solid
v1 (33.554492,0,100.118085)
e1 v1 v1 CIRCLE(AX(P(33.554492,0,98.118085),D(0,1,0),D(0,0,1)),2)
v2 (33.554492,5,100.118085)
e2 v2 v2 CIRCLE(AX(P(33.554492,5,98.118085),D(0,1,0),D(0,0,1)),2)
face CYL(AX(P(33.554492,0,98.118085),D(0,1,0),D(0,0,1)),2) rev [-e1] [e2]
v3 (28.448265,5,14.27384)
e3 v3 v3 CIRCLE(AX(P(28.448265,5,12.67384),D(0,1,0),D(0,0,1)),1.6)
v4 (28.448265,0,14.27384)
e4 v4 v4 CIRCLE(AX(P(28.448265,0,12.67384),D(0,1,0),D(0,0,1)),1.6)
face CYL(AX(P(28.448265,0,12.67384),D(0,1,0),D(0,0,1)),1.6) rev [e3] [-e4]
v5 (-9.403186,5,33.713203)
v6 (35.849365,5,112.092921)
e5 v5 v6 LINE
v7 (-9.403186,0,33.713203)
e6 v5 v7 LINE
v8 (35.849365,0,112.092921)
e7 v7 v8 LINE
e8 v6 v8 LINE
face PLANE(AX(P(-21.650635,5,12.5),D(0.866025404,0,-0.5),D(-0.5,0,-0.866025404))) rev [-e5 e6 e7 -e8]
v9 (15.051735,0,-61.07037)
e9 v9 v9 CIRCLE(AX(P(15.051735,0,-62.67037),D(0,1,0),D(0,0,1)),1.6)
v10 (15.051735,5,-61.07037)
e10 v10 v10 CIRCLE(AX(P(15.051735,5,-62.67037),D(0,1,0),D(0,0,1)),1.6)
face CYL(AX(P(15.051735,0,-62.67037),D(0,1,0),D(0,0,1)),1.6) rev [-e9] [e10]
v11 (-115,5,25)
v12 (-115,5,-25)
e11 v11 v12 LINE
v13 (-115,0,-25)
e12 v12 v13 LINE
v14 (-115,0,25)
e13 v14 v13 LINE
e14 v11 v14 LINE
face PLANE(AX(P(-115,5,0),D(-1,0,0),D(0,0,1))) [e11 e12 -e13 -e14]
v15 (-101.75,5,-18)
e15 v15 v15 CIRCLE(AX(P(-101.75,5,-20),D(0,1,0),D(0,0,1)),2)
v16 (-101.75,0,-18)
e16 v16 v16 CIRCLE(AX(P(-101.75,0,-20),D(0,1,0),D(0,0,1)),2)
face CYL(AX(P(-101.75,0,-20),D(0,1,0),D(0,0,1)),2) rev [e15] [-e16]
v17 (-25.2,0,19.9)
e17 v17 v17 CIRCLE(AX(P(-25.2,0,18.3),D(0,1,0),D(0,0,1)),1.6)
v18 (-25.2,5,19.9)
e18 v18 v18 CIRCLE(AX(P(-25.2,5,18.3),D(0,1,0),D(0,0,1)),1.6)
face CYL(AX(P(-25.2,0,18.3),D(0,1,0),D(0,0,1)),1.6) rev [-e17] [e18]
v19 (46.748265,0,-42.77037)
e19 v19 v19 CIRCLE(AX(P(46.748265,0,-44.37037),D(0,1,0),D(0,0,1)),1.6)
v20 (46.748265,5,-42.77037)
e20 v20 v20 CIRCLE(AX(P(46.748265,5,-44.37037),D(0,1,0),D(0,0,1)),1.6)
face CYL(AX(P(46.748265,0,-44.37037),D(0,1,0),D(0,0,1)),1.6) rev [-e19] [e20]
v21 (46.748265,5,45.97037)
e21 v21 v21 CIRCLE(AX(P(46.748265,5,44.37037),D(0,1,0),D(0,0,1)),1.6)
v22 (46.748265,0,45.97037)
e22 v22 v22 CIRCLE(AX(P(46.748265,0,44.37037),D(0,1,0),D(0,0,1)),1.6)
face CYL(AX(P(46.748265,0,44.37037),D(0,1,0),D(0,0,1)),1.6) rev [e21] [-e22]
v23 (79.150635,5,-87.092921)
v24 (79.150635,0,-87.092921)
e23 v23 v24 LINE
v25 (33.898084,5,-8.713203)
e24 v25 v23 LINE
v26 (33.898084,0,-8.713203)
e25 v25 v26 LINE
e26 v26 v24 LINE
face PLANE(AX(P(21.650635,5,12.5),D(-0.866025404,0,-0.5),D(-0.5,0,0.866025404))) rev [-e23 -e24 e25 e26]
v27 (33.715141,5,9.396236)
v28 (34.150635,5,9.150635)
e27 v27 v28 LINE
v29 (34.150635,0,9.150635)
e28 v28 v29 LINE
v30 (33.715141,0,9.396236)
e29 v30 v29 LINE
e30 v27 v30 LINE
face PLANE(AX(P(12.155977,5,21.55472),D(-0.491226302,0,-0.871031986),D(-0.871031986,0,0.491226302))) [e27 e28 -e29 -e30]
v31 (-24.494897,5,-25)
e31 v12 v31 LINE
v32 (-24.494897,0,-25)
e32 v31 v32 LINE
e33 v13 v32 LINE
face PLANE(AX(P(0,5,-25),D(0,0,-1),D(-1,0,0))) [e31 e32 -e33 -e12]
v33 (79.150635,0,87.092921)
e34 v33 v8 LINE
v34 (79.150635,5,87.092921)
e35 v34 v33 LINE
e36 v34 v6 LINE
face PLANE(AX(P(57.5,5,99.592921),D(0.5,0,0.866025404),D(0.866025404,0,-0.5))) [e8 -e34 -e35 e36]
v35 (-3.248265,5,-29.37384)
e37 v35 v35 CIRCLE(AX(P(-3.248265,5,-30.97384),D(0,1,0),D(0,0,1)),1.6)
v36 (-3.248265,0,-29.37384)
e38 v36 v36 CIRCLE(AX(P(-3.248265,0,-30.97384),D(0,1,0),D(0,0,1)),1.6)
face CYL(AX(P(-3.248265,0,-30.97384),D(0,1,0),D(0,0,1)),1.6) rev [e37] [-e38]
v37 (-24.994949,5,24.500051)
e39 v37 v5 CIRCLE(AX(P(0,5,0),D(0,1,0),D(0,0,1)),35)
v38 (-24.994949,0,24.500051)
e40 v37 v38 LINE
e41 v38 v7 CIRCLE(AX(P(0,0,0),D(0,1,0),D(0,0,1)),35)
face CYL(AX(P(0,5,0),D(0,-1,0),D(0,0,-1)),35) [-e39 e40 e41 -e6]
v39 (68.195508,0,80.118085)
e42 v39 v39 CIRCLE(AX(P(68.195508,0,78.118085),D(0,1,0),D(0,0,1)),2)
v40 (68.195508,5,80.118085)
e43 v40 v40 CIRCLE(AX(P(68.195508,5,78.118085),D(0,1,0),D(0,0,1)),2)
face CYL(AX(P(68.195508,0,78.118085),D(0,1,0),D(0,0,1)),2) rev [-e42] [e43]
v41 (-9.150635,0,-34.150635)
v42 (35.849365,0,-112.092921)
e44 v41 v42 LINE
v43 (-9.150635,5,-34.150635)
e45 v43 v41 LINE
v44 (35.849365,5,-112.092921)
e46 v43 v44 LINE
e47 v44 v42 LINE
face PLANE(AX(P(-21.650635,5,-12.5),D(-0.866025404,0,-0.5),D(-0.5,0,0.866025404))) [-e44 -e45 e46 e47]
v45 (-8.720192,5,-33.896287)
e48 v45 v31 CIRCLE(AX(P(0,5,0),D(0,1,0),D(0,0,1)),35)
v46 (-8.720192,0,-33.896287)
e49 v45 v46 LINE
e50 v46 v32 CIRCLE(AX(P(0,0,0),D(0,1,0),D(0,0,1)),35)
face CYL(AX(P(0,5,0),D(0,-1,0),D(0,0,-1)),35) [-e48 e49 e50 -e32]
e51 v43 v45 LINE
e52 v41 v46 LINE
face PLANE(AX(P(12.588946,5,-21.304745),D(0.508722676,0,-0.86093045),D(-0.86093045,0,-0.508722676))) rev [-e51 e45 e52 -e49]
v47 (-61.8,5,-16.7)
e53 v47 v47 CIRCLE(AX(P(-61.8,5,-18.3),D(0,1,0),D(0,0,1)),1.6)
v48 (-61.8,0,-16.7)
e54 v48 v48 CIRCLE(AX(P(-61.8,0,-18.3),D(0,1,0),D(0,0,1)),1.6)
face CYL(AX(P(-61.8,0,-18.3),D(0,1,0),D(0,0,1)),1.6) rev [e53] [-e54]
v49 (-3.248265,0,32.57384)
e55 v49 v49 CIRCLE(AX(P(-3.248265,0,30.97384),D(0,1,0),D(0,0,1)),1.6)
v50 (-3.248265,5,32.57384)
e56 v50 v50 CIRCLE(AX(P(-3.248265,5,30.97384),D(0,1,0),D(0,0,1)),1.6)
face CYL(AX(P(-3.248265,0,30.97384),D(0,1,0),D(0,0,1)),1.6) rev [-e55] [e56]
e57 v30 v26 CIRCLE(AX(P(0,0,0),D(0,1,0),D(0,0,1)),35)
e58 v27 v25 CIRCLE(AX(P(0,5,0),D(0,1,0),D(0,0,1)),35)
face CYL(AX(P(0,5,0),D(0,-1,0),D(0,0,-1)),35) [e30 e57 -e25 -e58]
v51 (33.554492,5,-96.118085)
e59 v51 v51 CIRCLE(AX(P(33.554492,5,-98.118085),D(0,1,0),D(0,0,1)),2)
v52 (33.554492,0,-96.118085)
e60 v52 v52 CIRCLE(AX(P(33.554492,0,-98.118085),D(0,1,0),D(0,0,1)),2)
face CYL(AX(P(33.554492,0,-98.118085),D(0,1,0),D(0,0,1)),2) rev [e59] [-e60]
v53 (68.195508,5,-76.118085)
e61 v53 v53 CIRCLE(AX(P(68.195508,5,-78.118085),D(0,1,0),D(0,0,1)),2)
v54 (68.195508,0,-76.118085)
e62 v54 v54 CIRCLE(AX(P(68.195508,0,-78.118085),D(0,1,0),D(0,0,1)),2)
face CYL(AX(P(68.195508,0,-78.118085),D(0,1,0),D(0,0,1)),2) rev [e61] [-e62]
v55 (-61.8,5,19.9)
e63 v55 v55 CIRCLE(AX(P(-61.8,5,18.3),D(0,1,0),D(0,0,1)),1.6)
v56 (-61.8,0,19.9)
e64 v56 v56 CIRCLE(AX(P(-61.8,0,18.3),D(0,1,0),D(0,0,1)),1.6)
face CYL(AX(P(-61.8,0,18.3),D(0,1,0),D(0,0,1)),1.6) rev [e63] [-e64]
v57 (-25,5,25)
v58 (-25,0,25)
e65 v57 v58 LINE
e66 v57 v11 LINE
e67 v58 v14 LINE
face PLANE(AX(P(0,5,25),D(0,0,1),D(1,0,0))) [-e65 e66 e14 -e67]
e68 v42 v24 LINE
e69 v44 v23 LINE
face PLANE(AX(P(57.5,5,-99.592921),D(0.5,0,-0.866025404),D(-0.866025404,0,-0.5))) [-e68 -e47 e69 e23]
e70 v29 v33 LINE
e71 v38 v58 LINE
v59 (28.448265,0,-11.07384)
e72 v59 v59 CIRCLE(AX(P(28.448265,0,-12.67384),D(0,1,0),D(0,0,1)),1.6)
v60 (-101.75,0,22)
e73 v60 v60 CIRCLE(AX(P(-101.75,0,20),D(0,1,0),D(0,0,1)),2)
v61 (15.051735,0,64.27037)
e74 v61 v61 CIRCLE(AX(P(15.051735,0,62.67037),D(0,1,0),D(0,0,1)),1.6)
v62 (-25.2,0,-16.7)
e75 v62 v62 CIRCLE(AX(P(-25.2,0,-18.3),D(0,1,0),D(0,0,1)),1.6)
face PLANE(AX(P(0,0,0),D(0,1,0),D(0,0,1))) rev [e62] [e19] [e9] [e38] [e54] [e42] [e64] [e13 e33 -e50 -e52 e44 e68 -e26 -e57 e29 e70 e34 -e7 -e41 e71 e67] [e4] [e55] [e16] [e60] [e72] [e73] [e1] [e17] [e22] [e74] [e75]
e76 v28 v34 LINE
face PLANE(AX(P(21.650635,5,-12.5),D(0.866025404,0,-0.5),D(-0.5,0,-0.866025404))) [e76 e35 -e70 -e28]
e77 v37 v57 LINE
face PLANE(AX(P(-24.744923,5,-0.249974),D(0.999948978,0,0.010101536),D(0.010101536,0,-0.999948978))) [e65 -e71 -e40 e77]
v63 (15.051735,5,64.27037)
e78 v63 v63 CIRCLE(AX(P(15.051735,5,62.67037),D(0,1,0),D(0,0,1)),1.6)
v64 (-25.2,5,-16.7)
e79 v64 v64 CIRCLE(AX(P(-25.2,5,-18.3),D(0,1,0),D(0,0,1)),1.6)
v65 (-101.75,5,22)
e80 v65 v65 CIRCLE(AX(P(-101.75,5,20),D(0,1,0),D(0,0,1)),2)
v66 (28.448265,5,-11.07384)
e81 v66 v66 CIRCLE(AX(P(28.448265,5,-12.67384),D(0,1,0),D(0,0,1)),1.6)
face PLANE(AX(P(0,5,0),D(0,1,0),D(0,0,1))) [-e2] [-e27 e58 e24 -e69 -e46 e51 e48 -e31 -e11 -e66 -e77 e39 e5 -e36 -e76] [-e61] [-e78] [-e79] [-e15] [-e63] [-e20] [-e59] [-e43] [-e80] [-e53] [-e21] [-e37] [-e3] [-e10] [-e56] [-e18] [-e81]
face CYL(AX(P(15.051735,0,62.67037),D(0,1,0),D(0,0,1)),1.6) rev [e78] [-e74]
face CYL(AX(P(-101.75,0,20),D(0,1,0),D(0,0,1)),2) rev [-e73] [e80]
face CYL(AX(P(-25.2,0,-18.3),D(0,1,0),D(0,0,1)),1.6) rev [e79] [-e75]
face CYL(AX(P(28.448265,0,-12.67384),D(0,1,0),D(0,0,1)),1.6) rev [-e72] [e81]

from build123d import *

# Parameters (mm, degrees)
ESQUISSE3_R             = 35
BOSS_EXTRU_3_DEPTH      = 5
ESQUISSE4_R             = 2
ESQUISSE4_R_2           = 1.6
ENL_V_MAT_EXTRU_1_DEPTH = 161.669919512


with BuildPart() as part:
    # Esquisse3 → Boss.-Extru.3 (new body)
    with BuildSketch(Plane(origin=(0, 0, 0), x_dir=(1, 0, 0), z_dir=(0, 1, 0))):
        with BuildLine():
            Line((-115, -25), (-25, -25))
            Line((-25, -25), (-24.99494949, -24.500051021))
            ThreePointArc((-24.99494949, -24.500051021), (-34.998214236, 0.353553761), (-24.494897428, 25))
            Line((-24.494897428, 25), (-25, 25))
            Line((-25, 25), (-115, 25))
            Line((-115, 25), (-115, -25))
        make_face()
        Circle(ESQUISSE3_R)
        Polygon((-9.403186381, -33.713203436), (35.849364905, -112.092921435), (79.150635095, -87.092921435), (34.150635095, -9.150635095), align=None)
        with BuildLine():
            Line((-24.494897428, 25), (-24.99494949, -24.500051021))
            ThreePointArc((-24.99494949, -24.500051021), (-17.805293657, -30.132565736), (-9.403186381, -33.713203436))
            Line((-9.403186381, -33.713203436), (33.715141323, -9.396235714))
            ThreePointArc((33.715141323, -9.396235714), (34.677297662, -4.741837919), (35, 0))
            ThreePointArc((35, 0), (34.72342821, 4.391302011), (33.898083809, 8.713203436))
            Line((33.898083809, 8.713203436), (-8.720191833, 33.896286735))
            ThreePointArc((-8.720191833, 33.896286735), (-17.19292058, 30.486119496), (-24.494897428, 25))
        make_face()
        Circle(ESQUISSE3_R)
        Polygon((33.898083809, 8.713203436), (79.150635095, 87.092921435), (35.849364905, 112.092921435), (-9.150635095, 34.150635095), align=None)
        with BuildLine():
            ThreePointArc((33.898083809, 8.713203436), (17.805293657, 30.132565736), (-8.720191833, 33.896286735))
            Line((-8.720191833, 33.896286735), (33.898083809, 8.713203436))
        make_face()
    extrude(amount=BOSS_EXTRU_3_DEPTH)

    # Esquisse4 → Enlèv. mat.-Extru.1 (cut, through all)
    with BuildSketch(Plane(origin=(0, 5, 0), x_dir=(1, 0, 0), z_dir=(0, 1, 0))):
        with Locations(Location((-101.75, 20, 0), (0, 0, 270))):
            Circle(ESQUISSE4_R)
        with Locations(Location((-101.75, -20, 0), (0, 0, 270))):
            Circle(ESQUISSE4_R)
        with Locations(Location((33.554491924, -98.118084835, 0), (0, 0, 270))):
            Circle(ESQUISSE4_R)
        with Locations(Location((68.195508076, -78.118084835, 0), (0, 0, 270))):
            Circle(ESQUISSE4_R)
        with Locations(Location((68.195508076, 78.118084835, 0), (0, 0, 270))):
            Circle(ESQUISSE4_R)
        with Locations(Location((33.554491924, 98.118084835, 0), (0, 0, 270))):
            Circle(ESQUISSE4_R)
        with Locations(Location((-3.248264889, -30.973840175, 0), (0, 0, 270))):
            Circle(ESQUISSE4_R_2)
        with Locations(Location((15.051735111, -62.670369954, 0), (0, 0, 270))):
            Circle(ESQUISSE4_R_2)
        with Locations(Location((28.448264889, -12.673840175, 0), (0, 0, 270))):
            Circle(ESQUISSE4_R_2)
        with Locations(Location((46.748264889, -44.370369954, 0), (0, 0, 270))):
            Circle(ESQUISSE4_R_2)
        with Locations(Location((28.448264889, 12.673840175, 0), (0, 0, 270))):
            Circle(ESQUISSE4_R_2)
        with Locations(Location((46.748264889, 44.370369954, 0), (0, 0, 270))):
            Circle(ESQUISSE4_R_2)
        with Locations(Location((15.051735111, 62.670369954, 0), (0, 0, 270))):
            Circle(ESQUISSE4_R_2)
        with Locations(Location((-3.248264889, 30.973840175, 0), (0, 0, 270))):
            Circle(ESQUISSE4_R_2)
        with Locations(Location((-25.2, 18.3, 0), (0, 0, 270))):
            Circle(ESQUISSE4_R_2)
        with Locations(Location((-61.8, -18.3, 0), (0, 0, 270))):
            Circle(ESQUISSE4_R_2)
        with Locations(Location((-25.2, -18.3, 0), (0, 0, 270))):
            Circle(ESQUISSE4_R_2)
        with Locations(Location((-61.8, 18.3, 0), (0, 0, 270))):
            Circle(ESQUISSE4_R_2)
    extrude(amount=-ENL_V_MAT_EXTRU_1_DEPTH, mode=Mode.SUBTRACT)


solid = part.part
